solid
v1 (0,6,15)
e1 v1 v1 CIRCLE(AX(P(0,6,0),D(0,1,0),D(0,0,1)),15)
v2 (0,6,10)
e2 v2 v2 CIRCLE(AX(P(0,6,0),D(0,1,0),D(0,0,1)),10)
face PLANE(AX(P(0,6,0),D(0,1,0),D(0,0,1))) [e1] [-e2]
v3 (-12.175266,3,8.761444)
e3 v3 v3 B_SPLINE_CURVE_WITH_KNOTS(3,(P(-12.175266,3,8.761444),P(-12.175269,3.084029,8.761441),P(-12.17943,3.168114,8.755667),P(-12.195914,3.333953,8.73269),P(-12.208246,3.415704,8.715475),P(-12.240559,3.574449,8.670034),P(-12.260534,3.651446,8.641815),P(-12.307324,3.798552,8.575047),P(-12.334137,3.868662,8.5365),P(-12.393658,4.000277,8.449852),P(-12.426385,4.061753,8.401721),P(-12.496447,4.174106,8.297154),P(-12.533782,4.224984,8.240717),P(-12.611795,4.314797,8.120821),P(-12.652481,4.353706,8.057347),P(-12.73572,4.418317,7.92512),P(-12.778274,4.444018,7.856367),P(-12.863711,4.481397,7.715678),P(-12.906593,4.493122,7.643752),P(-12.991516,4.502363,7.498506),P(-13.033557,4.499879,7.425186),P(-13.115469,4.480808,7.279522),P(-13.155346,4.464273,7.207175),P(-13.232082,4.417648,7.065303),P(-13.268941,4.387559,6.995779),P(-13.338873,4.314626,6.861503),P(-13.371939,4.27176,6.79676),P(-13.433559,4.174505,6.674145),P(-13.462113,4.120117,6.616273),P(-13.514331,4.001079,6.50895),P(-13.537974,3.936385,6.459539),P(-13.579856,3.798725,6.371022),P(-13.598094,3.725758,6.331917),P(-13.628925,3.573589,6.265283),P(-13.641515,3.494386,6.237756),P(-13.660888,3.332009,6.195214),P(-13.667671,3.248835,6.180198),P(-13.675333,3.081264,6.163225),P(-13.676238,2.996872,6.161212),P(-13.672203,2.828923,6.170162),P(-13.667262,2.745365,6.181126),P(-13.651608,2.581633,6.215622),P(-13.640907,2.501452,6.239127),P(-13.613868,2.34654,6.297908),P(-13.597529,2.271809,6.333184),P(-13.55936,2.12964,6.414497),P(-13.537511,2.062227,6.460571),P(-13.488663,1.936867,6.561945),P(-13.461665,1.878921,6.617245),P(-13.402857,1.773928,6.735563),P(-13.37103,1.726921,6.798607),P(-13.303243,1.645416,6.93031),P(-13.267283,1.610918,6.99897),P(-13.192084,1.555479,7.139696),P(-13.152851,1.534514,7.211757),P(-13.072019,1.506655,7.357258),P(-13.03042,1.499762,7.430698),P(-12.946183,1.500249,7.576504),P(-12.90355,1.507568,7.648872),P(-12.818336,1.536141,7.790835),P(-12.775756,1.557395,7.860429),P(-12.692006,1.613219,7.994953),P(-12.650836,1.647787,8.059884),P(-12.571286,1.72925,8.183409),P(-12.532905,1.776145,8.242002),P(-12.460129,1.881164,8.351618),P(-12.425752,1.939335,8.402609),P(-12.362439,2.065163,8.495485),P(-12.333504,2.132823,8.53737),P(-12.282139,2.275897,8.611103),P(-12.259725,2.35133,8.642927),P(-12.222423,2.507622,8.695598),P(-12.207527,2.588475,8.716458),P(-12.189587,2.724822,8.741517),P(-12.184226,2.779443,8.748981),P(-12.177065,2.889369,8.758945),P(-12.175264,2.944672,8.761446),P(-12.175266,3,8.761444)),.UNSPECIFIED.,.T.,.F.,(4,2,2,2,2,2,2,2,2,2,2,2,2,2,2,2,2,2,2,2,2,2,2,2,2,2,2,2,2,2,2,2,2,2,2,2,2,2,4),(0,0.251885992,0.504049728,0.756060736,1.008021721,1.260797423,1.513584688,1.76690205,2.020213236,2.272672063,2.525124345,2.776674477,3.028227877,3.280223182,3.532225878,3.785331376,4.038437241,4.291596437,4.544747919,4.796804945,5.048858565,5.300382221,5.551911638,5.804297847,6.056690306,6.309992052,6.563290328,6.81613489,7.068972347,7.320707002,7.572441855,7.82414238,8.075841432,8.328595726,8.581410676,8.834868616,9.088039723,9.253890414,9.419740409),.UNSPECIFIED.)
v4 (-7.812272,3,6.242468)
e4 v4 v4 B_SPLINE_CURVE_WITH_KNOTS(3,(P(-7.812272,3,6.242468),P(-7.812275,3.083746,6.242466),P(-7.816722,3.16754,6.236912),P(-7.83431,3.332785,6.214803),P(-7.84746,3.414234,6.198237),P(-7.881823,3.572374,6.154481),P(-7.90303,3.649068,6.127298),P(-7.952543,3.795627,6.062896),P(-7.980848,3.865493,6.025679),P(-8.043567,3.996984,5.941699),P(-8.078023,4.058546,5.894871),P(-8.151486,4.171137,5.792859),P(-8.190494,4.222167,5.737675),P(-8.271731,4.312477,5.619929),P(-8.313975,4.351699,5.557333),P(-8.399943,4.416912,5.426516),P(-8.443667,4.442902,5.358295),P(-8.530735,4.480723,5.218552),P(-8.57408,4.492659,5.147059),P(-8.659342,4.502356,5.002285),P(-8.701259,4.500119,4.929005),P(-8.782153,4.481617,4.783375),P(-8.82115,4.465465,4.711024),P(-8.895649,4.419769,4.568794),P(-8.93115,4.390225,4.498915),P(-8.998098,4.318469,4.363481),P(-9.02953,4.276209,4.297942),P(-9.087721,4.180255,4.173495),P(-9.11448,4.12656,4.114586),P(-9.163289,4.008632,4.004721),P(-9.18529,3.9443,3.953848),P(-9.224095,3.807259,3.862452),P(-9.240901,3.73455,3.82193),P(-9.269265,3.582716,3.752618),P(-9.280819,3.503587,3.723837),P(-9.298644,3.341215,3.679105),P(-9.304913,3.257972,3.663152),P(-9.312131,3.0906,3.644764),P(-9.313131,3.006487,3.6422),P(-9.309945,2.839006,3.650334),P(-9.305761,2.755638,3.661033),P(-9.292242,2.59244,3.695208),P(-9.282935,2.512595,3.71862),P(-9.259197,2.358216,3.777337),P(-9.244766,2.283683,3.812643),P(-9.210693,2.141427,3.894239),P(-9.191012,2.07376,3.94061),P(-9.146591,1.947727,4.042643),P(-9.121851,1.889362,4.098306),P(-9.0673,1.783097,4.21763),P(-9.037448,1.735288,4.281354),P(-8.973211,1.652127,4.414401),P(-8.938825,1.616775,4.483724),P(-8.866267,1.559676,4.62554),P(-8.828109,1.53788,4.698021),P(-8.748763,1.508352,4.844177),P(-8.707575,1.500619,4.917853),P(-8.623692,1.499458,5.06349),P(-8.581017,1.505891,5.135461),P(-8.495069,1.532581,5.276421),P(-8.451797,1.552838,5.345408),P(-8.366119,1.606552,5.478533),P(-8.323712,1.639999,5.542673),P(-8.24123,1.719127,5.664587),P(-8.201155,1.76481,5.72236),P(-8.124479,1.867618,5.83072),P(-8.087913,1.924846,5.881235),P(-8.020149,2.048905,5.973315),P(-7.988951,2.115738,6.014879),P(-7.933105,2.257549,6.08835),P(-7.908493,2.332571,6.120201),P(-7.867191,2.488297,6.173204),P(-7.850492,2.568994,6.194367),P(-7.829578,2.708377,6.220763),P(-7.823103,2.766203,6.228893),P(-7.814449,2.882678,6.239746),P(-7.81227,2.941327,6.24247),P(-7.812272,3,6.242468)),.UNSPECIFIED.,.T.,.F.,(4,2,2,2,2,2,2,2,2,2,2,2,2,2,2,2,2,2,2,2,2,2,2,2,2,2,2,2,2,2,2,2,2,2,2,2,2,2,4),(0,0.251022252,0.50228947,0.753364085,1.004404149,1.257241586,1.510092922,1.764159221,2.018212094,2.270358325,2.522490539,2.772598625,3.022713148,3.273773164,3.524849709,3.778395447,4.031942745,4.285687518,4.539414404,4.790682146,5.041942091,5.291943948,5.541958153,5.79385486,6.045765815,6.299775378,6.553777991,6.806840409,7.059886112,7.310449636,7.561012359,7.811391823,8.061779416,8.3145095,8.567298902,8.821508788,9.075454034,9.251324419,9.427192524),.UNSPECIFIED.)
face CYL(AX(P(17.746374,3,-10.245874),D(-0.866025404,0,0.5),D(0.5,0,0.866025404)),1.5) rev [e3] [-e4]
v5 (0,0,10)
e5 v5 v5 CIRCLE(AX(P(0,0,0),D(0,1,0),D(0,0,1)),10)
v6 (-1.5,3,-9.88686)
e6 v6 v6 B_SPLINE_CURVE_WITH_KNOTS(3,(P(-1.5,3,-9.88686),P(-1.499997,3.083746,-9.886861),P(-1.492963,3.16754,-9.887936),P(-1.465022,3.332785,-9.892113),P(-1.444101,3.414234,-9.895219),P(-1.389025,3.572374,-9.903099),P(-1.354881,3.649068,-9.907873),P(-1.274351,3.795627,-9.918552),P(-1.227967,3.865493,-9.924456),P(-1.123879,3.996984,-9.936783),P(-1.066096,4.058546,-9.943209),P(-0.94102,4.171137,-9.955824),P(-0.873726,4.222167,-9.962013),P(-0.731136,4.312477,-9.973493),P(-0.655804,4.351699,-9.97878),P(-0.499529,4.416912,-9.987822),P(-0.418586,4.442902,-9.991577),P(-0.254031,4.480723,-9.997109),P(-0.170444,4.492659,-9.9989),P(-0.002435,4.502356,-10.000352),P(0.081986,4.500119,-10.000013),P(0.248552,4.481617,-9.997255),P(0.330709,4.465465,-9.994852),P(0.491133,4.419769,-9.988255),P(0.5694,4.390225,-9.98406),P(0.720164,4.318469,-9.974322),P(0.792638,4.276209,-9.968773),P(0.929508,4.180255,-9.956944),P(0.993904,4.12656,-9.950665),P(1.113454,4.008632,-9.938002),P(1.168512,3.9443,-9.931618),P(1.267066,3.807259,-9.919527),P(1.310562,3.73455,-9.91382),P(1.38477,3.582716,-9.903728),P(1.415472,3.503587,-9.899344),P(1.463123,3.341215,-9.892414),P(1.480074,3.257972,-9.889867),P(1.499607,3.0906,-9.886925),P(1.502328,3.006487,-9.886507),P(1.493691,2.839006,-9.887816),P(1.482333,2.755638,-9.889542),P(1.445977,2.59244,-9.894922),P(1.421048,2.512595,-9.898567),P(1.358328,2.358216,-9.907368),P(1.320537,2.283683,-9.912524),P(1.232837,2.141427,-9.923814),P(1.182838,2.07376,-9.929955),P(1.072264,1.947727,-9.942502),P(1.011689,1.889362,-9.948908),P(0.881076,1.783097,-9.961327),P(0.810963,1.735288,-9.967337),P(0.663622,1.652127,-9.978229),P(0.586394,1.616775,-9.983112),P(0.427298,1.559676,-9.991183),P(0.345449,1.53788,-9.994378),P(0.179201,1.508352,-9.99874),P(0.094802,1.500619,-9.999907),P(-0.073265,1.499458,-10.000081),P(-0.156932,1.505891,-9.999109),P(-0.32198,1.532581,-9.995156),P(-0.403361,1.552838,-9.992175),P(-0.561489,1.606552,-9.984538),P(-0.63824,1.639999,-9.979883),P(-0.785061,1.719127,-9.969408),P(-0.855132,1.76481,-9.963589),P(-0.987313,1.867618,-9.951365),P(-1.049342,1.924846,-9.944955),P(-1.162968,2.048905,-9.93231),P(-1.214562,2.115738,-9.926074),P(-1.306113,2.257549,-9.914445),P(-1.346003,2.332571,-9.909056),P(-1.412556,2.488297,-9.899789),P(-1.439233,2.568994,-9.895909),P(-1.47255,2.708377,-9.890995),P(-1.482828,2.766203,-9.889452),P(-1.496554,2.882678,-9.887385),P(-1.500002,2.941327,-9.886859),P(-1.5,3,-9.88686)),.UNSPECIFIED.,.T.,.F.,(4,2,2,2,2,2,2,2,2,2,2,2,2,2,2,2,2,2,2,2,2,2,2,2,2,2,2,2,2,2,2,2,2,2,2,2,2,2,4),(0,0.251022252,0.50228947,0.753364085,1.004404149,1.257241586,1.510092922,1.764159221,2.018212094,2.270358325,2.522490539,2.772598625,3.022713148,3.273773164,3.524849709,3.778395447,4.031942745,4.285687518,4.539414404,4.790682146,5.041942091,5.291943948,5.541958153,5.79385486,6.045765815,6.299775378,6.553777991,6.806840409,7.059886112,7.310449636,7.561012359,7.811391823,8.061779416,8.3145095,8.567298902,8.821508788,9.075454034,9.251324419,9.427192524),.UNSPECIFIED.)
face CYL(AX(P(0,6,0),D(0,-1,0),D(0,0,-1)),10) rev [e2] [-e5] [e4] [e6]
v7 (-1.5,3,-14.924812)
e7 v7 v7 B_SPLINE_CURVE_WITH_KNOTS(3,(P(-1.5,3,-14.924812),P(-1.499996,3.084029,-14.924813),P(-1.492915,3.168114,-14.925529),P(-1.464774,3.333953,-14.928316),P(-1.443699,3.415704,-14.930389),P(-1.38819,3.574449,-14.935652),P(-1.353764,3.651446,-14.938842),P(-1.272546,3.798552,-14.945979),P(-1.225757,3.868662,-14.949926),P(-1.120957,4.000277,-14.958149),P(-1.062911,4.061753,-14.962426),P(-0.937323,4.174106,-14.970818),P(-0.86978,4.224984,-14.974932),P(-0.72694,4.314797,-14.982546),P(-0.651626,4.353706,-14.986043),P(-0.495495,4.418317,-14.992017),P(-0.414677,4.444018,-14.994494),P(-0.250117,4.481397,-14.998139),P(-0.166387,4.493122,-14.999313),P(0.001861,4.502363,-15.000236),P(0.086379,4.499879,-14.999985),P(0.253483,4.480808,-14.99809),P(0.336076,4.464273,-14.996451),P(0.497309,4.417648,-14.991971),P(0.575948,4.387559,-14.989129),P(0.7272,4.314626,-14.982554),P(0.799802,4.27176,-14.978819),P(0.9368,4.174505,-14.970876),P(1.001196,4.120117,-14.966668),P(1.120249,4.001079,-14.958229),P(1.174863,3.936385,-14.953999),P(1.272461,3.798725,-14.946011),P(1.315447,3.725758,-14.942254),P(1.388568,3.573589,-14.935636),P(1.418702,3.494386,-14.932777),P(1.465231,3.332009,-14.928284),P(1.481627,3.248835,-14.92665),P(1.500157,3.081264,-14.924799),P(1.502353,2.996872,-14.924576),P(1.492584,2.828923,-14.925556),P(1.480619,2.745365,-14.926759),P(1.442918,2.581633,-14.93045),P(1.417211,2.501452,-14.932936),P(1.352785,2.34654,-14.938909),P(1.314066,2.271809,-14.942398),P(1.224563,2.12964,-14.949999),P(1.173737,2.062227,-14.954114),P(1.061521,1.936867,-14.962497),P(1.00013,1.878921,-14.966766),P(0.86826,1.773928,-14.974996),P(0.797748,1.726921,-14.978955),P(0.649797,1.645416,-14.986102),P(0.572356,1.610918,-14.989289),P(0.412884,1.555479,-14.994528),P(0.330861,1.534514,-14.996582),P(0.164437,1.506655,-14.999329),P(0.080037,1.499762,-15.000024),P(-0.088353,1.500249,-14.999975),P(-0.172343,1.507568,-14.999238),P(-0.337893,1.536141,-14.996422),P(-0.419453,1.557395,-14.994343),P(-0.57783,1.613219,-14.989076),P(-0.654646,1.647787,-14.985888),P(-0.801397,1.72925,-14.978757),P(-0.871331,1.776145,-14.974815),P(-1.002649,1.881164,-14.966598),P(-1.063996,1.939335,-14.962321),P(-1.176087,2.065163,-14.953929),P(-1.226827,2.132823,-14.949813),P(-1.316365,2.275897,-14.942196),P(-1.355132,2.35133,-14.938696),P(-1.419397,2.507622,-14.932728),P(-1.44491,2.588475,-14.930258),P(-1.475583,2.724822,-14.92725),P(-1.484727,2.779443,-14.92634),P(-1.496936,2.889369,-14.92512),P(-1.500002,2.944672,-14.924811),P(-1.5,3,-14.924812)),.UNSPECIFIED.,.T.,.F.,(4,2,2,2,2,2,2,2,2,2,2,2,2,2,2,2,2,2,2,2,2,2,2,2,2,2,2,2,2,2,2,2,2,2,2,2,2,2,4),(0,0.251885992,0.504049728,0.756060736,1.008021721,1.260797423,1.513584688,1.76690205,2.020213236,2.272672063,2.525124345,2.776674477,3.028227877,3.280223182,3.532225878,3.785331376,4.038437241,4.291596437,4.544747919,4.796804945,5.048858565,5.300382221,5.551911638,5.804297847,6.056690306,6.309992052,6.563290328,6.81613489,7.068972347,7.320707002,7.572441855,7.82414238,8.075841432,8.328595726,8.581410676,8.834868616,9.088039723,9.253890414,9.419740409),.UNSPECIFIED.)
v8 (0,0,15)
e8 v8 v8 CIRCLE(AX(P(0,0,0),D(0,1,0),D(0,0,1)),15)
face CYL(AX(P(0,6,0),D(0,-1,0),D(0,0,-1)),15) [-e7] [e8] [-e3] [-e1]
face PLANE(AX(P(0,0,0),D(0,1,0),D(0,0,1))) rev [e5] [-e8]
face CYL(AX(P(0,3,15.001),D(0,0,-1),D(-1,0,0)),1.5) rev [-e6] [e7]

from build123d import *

# Parameters (mm, degrees)
SKETCH_1_R          = 15
SKETCH_1_R_2        = 10
EXTRUDE_1_DEPTH     = 6
CUT_EXTRUDE_1_REACH = 32
SKETCH_2_R          = 1.5
CUT_EXTRUDE_2_REACH = 37.49
SKETCH_3_R          = 1.5


with BuildPart() as part:
    # 스케치1 → 보스-돌출1 (new body)
    with BuildSketch(Plane(origin=(0, 0, 0), x_dir=(1, 0, 0), z_dir=(0, 1, 0))):
        Circle(SKETCH_1_R)
        Circle(SKETCH_1_R_2, mode=Mode.SUBTRACT)
    extrude(amount=EXTRUDE_1_DEPTH)

    # 스케치2 → 컷-돌출1 (cut, up to next)
    with BuildSketch(Plane(origin=(0, 0, -15), x_dir=(-1, 0, 0), z_dir=(0, 0, -1)), mode=Mode.PRIVATE) as cut_extrude_1_sk1:
        with Locations((0, 3)):
            Circle(SKETCH_2_R)
    cut_extrude_1_tool1 = extrude(cut_extrude_1_sk1.sketch, amount=-CUT_EXTRUDE_1_REACH, mode=Mode.PRIVATE) & part.part
    add(cut_extrude_1_tool1.solids().sort_by_distance((0, 3, -15))[0], mode=Mode.SUBTRACT)

    # 스케치3 → 컷-돌출2 (cut, up to next)
    with BuildSketch(Plane(origin=(-12.990381057, 0, 7.5), x_dir=(0, -1, 0), z_dir=(-0.866025404, 0, 0.5)), mode=Mode.PRIVATE) as cut_extrude_2_sk1:
        with Locations((-3, 0)):
            Circle(SKETCH_3_R)
    cut_extrude_2_tool1 = extrude(cut_extrude_2_sk1.sketch, amount=-CUT_EXTRUDE_2_REACH, mode=Mode.PRIVATE) & part.part
    add(cut_extrude_2_tool1.solids().sort_by_distance((-12.990381, 3, 7.5))[0], mode=Mode.SUBTRACT)


solid = part.part
